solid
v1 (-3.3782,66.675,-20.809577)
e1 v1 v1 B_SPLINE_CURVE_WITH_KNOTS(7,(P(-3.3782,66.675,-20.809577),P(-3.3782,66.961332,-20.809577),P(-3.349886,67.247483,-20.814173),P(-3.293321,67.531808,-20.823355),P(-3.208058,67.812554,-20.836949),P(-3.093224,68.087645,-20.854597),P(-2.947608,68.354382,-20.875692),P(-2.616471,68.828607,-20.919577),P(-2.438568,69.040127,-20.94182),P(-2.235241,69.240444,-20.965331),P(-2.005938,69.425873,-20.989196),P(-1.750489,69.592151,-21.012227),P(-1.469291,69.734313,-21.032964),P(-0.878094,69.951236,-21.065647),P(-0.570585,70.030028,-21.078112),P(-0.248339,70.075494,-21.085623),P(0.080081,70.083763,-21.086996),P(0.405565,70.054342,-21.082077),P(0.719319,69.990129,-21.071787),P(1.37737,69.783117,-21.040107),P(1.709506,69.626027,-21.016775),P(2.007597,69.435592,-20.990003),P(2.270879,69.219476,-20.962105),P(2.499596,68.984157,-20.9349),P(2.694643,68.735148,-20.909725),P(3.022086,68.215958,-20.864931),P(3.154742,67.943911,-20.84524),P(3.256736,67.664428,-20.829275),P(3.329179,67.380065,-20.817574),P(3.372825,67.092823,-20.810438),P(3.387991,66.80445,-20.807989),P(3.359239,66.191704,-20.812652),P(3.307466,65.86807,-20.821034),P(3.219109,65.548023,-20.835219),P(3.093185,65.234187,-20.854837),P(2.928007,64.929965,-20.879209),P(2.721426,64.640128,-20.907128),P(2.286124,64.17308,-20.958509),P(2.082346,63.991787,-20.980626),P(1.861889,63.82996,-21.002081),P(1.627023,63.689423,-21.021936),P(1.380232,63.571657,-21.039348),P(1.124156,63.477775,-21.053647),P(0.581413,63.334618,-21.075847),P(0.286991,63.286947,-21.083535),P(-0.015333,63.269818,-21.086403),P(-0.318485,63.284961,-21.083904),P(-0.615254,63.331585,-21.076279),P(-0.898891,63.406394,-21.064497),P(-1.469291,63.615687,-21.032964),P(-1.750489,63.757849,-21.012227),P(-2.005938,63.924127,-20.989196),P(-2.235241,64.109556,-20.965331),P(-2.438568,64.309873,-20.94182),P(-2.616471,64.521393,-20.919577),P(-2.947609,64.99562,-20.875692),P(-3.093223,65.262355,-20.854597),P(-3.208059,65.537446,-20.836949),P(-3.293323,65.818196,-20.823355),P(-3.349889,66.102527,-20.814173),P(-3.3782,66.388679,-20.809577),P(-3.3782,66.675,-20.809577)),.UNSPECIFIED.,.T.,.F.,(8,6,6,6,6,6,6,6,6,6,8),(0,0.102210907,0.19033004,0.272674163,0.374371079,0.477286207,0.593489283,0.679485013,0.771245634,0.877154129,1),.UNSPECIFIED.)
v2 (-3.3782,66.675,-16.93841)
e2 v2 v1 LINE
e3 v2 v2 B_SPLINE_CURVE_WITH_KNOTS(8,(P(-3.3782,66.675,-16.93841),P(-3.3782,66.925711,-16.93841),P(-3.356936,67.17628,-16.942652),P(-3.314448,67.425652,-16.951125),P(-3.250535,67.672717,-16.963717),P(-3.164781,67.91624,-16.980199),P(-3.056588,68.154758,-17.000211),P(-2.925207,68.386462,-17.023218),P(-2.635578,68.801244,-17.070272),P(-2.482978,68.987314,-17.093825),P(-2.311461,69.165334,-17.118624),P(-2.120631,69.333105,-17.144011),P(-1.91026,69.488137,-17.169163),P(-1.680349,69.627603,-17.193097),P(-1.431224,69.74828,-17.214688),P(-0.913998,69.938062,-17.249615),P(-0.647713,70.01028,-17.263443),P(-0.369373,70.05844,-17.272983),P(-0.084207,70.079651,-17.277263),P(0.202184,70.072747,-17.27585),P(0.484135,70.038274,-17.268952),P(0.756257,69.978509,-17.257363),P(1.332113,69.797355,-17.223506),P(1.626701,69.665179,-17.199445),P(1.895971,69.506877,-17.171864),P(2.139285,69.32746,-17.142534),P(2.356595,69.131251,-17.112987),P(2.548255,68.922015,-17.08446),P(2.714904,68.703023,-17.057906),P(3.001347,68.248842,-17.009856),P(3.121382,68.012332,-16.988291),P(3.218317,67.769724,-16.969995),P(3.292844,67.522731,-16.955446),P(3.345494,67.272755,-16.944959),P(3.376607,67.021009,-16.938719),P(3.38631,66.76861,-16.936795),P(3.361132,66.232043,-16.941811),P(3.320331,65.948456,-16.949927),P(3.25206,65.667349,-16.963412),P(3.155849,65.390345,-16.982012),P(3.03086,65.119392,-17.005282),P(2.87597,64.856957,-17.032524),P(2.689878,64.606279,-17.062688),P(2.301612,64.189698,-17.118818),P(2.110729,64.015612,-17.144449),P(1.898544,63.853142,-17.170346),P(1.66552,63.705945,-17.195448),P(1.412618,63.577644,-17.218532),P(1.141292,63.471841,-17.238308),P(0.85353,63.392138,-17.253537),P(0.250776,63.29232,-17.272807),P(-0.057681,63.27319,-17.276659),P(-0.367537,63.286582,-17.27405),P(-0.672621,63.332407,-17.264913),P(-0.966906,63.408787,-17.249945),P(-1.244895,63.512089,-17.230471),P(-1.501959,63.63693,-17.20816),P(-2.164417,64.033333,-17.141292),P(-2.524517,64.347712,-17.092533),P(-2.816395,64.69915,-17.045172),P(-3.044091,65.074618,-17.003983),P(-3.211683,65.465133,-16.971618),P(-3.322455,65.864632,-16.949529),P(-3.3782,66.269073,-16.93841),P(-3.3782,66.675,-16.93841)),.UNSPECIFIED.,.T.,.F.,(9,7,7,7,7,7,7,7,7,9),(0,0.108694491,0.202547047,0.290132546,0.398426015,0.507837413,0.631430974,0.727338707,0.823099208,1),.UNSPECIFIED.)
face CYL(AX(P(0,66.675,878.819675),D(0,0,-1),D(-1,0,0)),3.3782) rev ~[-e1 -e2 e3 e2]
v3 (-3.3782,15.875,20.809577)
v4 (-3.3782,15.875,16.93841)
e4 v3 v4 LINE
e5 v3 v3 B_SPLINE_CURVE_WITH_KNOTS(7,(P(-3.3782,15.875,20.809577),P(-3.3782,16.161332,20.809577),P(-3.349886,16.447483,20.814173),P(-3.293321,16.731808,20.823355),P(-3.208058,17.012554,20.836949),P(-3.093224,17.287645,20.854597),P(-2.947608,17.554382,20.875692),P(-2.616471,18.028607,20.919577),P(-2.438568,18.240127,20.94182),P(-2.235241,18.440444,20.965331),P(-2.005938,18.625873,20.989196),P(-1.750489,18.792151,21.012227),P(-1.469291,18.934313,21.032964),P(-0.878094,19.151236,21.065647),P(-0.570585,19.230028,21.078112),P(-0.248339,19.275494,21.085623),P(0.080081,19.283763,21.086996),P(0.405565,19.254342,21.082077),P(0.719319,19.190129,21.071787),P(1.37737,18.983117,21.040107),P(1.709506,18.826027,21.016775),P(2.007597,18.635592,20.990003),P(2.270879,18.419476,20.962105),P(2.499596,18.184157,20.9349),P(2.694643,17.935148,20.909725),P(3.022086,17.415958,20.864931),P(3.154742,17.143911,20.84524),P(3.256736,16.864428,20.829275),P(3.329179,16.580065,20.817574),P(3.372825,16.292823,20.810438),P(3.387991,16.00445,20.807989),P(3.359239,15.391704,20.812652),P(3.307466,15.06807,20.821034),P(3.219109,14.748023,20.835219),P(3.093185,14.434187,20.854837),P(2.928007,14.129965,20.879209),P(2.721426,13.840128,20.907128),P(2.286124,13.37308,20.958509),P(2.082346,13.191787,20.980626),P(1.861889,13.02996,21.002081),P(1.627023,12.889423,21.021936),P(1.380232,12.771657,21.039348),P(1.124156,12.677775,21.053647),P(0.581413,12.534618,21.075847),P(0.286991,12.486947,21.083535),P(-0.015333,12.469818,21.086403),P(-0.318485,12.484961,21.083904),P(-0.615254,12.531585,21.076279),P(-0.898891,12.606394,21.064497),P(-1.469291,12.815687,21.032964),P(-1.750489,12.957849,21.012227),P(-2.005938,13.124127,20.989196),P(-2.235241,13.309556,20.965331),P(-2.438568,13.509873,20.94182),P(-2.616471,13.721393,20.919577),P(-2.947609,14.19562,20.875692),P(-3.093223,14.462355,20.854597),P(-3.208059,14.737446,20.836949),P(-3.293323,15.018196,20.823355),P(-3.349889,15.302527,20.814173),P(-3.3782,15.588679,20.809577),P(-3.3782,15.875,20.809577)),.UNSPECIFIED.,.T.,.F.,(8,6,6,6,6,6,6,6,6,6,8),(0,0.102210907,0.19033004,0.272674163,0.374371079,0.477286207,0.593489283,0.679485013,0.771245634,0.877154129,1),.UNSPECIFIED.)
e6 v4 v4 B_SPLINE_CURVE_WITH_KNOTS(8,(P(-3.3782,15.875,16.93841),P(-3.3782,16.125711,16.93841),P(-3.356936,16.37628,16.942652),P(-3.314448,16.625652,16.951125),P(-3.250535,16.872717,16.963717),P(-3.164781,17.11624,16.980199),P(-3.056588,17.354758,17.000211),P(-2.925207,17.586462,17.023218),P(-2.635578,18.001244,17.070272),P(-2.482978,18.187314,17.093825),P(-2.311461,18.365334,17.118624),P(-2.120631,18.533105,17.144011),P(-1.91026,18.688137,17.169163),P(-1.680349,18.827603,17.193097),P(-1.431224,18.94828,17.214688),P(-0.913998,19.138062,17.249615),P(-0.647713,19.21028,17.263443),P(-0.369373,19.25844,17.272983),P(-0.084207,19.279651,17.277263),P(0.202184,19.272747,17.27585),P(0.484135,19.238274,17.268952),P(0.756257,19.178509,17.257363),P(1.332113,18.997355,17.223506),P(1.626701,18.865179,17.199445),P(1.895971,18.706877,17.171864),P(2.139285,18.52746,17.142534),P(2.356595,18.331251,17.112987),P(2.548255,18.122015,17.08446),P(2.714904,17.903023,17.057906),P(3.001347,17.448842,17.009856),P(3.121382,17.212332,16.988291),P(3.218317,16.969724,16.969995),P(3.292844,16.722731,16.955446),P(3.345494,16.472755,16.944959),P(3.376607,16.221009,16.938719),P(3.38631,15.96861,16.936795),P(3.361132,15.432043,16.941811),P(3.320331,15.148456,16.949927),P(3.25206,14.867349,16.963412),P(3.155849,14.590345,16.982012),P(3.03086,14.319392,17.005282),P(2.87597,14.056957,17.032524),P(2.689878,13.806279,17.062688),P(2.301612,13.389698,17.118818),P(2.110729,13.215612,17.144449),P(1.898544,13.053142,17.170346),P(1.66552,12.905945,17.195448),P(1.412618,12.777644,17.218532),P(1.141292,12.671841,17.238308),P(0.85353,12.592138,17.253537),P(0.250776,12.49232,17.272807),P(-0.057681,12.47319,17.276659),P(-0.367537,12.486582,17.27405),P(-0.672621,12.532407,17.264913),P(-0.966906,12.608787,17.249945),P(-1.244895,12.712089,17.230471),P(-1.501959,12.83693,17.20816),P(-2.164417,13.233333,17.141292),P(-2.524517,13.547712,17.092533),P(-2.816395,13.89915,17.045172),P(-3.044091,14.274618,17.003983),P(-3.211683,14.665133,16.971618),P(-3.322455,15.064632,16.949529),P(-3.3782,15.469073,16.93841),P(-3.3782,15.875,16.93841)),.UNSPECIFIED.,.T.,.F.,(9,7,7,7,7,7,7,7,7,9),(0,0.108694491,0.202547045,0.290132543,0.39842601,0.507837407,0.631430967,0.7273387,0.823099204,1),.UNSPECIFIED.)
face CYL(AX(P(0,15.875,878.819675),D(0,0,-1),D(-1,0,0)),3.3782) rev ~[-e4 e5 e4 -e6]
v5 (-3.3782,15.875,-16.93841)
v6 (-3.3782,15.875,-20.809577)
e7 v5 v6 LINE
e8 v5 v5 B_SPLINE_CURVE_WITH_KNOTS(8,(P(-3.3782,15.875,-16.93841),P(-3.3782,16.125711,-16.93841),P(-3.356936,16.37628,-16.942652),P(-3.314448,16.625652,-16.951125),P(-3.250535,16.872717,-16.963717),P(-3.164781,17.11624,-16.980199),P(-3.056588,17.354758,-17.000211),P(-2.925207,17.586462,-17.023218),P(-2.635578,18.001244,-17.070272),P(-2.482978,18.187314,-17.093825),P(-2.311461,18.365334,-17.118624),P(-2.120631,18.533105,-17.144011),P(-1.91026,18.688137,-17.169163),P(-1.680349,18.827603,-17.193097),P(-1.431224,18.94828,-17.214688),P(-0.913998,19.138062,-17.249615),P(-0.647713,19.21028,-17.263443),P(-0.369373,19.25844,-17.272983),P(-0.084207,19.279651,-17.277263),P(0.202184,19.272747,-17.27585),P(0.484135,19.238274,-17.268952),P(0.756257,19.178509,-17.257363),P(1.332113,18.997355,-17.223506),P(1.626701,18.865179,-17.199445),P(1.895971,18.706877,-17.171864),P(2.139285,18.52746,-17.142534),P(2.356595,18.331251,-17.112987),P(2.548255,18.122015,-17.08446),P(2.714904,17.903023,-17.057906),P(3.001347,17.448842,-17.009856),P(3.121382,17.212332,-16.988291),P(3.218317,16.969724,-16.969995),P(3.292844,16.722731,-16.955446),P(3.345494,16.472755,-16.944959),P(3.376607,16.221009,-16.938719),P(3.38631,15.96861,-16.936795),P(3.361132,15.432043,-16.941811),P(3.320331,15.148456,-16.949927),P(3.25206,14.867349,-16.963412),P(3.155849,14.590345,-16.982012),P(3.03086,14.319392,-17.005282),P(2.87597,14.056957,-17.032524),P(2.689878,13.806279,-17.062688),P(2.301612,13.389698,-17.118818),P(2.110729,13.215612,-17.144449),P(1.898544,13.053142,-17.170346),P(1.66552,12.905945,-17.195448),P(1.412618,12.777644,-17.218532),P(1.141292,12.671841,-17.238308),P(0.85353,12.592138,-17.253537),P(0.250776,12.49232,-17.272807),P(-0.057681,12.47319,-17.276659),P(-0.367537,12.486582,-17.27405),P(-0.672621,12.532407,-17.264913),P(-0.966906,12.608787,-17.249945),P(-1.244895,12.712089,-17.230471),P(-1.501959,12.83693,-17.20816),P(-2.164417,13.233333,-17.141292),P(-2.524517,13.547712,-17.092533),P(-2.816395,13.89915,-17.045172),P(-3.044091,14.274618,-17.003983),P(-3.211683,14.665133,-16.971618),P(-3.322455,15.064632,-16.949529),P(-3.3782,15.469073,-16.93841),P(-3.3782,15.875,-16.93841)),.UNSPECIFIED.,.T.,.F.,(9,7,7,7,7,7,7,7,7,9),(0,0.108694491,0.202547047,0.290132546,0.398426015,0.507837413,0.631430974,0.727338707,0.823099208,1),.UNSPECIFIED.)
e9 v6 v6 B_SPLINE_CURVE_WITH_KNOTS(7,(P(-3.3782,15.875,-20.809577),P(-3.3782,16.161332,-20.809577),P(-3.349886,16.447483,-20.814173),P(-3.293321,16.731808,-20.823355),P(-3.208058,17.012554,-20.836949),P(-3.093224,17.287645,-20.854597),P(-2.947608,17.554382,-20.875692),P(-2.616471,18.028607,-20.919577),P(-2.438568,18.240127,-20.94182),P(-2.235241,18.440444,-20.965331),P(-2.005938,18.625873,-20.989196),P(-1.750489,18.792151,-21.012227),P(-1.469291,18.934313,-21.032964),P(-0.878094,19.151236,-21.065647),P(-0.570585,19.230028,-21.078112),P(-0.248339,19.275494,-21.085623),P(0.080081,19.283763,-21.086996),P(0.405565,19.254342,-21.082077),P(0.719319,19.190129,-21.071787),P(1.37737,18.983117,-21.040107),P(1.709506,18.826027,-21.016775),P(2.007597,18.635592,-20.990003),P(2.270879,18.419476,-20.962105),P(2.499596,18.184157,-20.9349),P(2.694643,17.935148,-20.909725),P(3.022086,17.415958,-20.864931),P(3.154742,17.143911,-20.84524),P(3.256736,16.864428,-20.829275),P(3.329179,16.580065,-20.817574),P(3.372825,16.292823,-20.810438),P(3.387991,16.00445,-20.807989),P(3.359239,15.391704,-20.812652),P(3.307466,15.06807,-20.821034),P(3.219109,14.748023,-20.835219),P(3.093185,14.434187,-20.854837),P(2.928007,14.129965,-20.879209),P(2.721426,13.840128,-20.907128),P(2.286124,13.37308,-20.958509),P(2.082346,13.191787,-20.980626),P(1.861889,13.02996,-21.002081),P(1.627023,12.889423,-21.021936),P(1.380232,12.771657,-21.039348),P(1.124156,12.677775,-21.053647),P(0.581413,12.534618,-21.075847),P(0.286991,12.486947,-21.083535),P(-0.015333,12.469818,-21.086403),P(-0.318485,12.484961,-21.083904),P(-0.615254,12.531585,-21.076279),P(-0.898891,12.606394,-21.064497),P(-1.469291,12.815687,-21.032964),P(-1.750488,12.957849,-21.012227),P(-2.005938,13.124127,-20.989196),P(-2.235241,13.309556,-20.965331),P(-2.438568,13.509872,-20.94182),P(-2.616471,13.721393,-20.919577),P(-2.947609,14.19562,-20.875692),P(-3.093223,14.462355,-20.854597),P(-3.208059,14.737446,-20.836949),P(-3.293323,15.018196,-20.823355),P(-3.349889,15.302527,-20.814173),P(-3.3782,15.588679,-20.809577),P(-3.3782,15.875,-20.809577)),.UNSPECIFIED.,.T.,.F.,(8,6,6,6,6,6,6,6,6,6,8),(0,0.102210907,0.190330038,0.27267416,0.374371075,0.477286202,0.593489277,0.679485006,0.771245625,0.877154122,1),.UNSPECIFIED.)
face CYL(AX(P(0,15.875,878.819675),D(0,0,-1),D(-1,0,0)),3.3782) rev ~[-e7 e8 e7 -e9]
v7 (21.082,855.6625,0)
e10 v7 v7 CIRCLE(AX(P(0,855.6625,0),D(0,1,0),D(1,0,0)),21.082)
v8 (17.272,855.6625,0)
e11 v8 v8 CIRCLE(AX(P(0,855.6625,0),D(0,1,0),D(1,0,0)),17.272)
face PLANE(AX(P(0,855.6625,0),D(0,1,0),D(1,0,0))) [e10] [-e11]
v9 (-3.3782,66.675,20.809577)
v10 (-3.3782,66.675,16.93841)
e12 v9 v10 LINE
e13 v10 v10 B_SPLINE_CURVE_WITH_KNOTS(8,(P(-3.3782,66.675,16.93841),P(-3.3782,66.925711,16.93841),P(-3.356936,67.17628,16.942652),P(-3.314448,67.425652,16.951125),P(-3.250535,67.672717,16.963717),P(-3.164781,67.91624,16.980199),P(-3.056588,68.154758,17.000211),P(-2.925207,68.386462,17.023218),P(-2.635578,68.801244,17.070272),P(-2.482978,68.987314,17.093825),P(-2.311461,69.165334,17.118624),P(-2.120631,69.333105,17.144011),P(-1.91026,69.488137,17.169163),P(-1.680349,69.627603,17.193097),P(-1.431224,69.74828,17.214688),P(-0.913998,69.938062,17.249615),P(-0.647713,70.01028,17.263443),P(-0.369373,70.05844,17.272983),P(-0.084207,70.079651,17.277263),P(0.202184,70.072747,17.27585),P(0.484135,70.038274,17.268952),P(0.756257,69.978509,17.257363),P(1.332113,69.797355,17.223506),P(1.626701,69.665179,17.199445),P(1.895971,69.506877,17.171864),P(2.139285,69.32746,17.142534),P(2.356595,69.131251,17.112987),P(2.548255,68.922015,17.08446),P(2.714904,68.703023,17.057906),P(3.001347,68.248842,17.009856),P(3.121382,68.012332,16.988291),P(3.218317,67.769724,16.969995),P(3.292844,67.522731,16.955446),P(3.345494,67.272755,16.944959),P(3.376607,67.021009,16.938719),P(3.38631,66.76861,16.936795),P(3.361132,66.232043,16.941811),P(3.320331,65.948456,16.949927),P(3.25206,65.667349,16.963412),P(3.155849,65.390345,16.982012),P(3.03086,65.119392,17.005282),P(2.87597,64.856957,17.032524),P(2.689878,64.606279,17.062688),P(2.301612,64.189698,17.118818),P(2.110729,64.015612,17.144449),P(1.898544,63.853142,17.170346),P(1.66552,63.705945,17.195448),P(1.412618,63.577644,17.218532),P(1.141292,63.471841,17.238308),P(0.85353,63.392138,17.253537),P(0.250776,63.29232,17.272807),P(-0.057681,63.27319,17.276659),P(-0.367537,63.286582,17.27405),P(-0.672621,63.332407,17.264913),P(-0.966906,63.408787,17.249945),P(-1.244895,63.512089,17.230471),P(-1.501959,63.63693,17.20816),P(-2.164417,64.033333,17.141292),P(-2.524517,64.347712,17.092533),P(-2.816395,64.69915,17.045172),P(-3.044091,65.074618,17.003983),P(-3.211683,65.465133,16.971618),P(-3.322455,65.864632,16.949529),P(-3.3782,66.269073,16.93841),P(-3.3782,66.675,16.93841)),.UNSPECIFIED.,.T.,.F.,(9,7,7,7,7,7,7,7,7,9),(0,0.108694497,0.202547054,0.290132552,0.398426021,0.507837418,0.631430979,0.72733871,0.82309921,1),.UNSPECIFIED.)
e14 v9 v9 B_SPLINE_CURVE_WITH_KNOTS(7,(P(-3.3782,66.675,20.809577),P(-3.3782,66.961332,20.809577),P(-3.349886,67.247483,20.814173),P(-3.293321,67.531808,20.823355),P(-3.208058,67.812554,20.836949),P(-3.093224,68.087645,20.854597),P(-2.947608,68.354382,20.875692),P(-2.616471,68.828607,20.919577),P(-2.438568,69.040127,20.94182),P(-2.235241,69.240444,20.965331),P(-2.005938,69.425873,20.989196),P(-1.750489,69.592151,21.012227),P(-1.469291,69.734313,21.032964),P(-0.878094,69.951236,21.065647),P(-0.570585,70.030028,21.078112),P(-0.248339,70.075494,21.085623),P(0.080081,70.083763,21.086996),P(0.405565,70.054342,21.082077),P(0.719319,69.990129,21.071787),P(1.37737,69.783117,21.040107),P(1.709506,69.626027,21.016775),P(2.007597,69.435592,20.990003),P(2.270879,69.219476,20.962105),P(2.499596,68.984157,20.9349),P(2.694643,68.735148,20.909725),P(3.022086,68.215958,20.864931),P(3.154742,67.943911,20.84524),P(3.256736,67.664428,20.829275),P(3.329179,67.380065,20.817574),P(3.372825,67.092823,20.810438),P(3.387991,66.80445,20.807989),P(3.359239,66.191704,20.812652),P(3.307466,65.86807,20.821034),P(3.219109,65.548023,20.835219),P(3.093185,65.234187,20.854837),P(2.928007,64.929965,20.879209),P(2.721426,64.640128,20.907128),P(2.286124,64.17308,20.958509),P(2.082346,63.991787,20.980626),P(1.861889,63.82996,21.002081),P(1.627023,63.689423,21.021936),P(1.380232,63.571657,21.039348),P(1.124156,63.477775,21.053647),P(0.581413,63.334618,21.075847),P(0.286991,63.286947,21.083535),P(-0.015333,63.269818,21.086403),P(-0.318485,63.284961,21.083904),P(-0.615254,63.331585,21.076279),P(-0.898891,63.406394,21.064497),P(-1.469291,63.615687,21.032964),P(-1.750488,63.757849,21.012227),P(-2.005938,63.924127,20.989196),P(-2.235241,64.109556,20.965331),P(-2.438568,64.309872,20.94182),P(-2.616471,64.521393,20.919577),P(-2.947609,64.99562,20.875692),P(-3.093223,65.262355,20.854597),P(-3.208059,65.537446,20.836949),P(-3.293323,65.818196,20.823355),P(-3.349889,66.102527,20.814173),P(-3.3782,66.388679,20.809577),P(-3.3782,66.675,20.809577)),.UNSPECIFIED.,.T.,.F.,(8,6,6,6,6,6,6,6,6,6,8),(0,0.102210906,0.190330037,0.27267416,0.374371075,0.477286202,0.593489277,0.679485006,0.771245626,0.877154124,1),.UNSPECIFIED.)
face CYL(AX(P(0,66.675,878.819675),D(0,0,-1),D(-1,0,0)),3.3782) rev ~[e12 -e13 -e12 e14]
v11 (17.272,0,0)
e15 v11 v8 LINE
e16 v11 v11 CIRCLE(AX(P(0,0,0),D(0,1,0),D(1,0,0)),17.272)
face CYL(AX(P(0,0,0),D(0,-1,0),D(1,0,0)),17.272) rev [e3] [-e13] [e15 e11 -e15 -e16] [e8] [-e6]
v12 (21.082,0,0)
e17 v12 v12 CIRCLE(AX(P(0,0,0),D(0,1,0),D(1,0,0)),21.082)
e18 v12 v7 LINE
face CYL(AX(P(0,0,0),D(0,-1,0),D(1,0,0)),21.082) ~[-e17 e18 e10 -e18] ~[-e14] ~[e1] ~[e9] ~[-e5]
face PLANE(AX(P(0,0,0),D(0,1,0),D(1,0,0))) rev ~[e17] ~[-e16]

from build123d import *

# Parameters (mm, degrees)
SKETCH1_R               = 21.082
SKETCH1_R_2             = 17.272
BOSS_EXTRUDE1_DEPTH     = 855.6625
F_1_4_CLEARANCE_HOLE1_D = 6.7564


with BuildPart() as part:
    # Sketch1 → Boss-Extrude1 (new body)
    with BuildSketch(Plane(origin=(0, 0, 0), x_dir=(1, 0, 0), z_dir=(0, 1, 0))):
        Circle(SKETCH1_R)
        Circle(SKETCH1_R_2, mode=Mode.SUBTRACT)
    extrude(amount=BOSS_EXTRUDE1_DEPTH)

    # 1/4 Clearance Hole1 (through all)
    with Locations(Plane.XY.offset(21.082)):
        with Locations((0, 15.875), (0, 66.675)):
            Hole(F_1_4_CLEARANCE_HOLE1_D / 2)


solid = part.part
